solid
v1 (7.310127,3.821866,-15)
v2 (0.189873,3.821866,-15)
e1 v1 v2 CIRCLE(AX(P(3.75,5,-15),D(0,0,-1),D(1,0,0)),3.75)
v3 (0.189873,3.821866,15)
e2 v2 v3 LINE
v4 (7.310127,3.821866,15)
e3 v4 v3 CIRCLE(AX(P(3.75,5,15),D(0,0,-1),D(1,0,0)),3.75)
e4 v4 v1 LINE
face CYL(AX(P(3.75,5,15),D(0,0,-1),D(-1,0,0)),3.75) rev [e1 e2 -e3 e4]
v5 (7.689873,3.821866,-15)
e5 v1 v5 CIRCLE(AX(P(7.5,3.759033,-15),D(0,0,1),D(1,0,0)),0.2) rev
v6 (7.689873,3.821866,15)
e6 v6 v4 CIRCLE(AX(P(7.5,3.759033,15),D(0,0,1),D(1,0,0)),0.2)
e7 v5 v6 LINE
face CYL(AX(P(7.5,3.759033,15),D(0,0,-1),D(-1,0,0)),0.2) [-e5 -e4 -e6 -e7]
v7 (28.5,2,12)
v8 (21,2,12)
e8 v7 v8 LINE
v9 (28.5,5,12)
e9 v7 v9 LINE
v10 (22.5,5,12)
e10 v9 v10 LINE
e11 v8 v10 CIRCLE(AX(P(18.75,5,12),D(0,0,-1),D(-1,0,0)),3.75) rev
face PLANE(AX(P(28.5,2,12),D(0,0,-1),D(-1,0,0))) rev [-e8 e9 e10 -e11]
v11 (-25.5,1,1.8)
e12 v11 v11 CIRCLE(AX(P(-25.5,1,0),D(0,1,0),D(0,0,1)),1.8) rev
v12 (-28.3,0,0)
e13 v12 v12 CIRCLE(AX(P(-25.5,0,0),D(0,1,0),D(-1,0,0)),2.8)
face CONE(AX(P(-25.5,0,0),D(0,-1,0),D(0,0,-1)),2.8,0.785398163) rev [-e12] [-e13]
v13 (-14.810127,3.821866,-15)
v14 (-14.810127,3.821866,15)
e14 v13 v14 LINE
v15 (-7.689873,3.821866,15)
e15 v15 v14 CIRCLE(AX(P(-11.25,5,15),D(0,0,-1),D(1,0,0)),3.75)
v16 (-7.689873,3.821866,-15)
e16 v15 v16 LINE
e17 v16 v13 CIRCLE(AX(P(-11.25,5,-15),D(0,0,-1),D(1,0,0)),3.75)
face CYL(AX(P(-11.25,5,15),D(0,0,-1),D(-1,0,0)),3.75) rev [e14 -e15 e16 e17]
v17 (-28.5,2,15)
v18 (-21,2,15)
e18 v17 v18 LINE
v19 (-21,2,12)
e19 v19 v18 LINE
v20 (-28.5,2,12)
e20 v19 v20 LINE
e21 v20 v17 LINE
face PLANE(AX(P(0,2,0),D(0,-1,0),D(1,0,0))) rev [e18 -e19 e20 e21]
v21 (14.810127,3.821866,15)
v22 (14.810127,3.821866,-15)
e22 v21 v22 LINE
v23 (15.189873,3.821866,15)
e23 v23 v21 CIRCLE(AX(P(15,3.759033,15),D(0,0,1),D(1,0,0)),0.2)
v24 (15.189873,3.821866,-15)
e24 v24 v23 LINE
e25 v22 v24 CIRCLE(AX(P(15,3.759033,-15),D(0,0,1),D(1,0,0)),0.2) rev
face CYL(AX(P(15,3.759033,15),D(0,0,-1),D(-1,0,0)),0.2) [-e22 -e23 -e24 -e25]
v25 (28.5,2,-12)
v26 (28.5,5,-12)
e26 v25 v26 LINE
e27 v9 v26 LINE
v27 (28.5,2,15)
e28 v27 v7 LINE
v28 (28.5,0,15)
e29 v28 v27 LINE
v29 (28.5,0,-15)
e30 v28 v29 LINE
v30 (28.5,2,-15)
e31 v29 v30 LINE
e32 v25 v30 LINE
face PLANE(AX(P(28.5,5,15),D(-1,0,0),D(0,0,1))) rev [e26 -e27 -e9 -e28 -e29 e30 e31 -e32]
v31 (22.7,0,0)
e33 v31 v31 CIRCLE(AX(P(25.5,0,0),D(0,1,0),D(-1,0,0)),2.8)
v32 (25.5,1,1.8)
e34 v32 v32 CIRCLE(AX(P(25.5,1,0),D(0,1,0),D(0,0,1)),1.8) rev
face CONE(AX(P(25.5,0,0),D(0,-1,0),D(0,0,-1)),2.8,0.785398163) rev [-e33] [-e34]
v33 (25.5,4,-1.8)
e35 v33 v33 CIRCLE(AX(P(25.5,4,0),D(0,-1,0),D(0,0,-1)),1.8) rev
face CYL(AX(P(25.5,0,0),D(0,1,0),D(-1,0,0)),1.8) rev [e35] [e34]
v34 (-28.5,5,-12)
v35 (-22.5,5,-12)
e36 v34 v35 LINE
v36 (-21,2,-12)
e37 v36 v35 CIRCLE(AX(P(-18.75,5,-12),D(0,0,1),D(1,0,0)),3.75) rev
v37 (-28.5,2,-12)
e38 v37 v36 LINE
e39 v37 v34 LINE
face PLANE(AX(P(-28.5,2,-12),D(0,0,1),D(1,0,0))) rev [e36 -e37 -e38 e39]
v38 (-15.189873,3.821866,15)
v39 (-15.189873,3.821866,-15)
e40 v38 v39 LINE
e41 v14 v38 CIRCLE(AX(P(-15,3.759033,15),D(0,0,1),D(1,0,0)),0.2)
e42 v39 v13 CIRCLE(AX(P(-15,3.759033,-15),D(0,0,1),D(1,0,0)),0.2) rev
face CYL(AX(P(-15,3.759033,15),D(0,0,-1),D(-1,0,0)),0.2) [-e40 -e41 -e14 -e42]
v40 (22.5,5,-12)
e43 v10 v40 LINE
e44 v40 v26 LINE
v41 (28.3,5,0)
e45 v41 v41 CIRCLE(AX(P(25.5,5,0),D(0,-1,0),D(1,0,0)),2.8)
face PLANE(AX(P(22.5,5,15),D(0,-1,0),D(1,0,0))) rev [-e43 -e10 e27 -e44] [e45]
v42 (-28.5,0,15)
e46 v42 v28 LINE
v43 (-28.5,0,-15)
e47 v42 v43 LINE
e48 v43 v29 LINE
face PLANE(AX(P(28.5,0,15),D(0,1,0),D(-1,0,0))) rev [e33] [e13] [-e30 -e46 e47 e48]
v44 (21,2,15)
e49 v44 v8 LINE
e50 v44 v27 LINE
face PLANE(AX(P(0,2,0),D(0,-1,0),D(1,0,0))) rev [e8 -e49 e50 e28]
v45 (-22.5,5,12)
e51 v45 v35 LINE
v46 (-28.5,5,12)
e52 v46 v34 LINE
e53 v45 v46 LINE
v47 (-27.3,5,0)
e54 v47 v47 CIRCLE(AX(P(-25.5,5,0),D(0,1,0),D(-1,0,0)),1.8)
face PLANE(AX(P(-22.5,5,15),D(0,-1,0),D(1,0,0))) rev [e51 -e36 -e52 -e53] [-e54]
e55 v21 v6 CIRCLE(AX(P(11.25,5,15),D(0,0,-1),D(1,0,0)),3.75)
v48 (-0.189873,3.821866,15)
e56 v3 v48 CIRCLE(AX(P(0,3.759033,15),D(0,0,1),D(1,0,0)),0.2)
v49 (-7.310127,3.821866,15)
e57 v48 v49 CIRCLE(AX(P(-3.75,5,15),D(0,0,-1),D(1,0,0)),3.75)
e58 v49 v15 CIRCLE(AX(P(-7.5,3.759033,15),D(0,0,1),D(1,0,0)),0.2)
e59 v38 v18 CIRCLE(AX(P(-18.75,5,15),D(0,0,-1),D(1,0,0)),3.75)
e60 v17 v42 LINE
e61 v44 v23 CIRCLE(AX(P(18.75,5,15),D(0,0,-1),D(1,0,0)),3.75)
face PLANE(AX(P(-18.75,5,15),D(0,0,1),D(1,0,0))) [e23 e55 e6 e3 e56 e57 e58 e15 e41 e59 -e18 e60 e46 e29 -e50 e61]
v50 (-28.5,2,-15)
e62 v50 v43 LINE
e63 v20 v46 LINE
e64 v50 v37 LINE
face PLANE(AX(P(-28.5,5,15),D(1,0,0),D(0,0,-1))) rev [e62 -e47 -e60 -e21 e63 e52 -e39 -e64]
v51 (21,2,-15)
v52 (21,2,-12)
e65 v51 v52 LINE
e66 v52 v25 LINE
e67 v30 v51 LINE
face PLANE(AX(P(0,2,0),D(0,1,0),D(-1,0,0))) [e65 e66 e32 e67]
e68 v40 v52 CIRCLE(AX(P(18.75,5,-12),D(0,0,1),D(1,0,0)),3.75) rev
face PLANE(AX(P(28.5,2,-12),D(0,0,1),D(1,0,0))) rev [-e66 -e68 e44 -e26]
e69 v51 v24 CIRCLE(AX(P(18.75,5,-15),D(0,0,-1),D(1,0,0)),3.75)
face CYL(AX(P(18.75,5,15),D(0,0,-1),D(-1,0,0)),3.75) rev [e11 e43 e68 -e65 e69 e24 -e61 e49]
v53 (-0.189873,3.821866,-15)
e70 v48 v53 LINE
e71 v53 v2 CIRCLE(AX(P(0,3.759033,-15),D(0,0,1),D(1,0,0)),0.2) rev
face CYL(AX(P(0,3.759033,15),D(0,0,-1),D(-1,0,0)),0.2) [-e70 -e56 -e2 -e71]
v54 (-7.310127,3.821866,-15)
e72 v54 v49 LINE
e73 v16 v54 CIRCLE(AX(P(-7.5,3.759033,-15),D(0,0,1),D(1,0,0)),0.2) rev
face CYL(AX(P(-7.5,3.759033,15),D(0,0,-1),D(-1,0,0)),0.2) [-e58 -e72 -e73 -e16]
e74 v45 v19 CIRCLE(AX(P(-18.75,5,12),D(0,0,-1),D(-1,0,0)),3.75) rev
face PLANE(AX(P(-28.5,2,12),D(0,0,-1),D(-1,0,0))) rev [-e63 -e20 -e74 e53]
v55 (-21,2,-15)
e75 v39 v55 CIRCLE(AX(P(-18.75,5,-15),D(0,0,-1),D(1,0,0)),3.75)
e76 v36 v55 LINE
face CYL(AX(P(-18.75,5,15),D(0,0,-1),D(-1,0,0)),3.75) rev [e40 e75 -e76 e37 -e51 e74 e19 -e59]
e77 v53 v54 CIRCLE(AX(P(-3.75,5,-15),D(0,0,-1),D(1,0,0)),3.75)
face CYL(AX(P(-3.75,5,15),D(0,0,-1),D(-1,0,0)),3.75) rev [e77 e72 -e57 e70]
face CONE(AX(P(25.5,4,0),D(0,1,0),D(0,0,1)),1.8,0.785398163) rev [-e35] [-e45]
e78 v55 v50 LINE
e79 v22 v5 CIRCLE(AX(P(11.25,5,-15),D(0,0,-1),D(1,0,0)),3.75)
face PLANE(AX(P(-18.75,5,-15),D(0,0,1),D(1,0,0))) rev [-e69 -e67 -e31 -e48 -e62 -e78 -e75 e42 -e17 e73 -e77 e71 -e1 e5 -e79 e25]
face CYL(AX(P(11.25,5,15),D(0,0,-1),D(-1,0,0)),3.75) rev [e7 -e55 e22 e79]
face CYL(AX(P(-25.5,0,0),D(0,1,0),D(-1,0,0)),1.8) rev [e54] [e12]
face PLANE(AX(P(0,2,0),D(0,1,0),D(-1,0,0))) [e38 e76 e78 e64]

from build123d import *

# Parameters (mm, degrees)
RESSALTO_EXTRUS_O1_DEPTH = 15
ESBO_O2_R                = 1.8
CORTE_EXTRUS_O1_DEPTH    = 33.592176975
ESBO_O3_W                = 9.75
ESBO_O3_H                = 3
CORTE_EXTRUS_O2_DEPTH    = 3
FILETE1_R                = 0.2
CHANFRO1_SIZE            = 1


with BuildPart() as part:
    # Esboço1 → Ressalto-extrusão1 (new, symmetric)
    with BuildSketch(Plane.XY):
        with BuildLine():
            Line((-22.5, 0), (22.5, 0))
            Line((22.5, 0), (28.5, 0))
            Line((28.5, 0), (28.5, 5))
            Line((28.5, 5), (22.5, 5))
            ThreePointArc((22.5, 5), (18.75, 1.25), (15, 5))
            ThreePointArc((15, 5), (11.25, 1.25), (7.5, 5))
            ThreePointArc((7.5, 5), (3.75, 1.25), (0, 5))
            ThreePointArc((0, 5), (-3.75, 1.25), (-7.5, 5))
            ThreePointArc((-7.5, 5), (-11.25, 1.25), (-15, 5))
            ThreePointArc((-15, 5), (-18.75, 1.25), (-22.5, 5))
            Line((-22.5, 5), (-28.5, 5))
            Line((-28.5, 5), (-28.5, 0))
            Line((-28.5, 0), (-22.5, 0))
        make_face()
    extrude(amount=RESSALTO_EXTRUS_O1_DEPTH, both=True)

    # Esboço2 → Corte-extrusão1 (cut, through all)
    with BuildSketch(Plane(origin=(0, 5, 0), x_dir=(1, 0, 0), z_dir=(0, 1, 0))):
        with Locations(Location((-25.5, 0, 0), (0, 0, 180))):
            Circle(ESBO_O2_R)
        with Locations((25.5, 0)):
            Circle(ESBO_O2_R)
    extrude(amount=-CORTE_EXTRUS_O1_DEPTH, mode=Mode.SUBTRACT)

    # Esboço3 → Corte-extrusão2 (cut)
    with BuildSketch(Plane(origin=(0, 5, 0), x_dir=(1, 0, 0), z_dir=(0, 1, 0))):
        with Locations((-23.625, 13.5)):
            Rectangle(ESBO_O3_W, ESBO_O3_H)
        with Locations((-23.625, -13.5)):
            Rectangle(ESBO_O3_W, ESBO_O3_H)
        with Locations((23.625, -13.5)):
            Rectangle(ESBO_O3_W, ESBO_O3_H)
        with Locations((23.625, 13.5)):
            Rectangle(ESBO_O3_W, ESBO_O3_H)
    extrude(amount=-CORTE_EXTRUS_O2_DEPTH, mode=Mode.SUBTRACT)

    # Filete1
    filete1_edges = [part.edges().sort_by_distance(p)[0] for p in [
        (-15, 5, 0),
        (-7.5, 5, 0),
        (0, 5, 0),
        (7.5, 5, 0),
        (15, 5, 0),
    ]]
    fillet(filete1_edges, radius=FILETE1_R)

    # Chanfro1
    chanfro1_edges = [part.edges().sort_by_distance(p)[0] for p in [
        (-23.7, 0, 0),
        (23.7, 0, 0),
        (23.7, 5, 0),
    ]]
    chamfer(chanfro1_edges, length=CHANFRO1_SIZE)


solid = part.part
